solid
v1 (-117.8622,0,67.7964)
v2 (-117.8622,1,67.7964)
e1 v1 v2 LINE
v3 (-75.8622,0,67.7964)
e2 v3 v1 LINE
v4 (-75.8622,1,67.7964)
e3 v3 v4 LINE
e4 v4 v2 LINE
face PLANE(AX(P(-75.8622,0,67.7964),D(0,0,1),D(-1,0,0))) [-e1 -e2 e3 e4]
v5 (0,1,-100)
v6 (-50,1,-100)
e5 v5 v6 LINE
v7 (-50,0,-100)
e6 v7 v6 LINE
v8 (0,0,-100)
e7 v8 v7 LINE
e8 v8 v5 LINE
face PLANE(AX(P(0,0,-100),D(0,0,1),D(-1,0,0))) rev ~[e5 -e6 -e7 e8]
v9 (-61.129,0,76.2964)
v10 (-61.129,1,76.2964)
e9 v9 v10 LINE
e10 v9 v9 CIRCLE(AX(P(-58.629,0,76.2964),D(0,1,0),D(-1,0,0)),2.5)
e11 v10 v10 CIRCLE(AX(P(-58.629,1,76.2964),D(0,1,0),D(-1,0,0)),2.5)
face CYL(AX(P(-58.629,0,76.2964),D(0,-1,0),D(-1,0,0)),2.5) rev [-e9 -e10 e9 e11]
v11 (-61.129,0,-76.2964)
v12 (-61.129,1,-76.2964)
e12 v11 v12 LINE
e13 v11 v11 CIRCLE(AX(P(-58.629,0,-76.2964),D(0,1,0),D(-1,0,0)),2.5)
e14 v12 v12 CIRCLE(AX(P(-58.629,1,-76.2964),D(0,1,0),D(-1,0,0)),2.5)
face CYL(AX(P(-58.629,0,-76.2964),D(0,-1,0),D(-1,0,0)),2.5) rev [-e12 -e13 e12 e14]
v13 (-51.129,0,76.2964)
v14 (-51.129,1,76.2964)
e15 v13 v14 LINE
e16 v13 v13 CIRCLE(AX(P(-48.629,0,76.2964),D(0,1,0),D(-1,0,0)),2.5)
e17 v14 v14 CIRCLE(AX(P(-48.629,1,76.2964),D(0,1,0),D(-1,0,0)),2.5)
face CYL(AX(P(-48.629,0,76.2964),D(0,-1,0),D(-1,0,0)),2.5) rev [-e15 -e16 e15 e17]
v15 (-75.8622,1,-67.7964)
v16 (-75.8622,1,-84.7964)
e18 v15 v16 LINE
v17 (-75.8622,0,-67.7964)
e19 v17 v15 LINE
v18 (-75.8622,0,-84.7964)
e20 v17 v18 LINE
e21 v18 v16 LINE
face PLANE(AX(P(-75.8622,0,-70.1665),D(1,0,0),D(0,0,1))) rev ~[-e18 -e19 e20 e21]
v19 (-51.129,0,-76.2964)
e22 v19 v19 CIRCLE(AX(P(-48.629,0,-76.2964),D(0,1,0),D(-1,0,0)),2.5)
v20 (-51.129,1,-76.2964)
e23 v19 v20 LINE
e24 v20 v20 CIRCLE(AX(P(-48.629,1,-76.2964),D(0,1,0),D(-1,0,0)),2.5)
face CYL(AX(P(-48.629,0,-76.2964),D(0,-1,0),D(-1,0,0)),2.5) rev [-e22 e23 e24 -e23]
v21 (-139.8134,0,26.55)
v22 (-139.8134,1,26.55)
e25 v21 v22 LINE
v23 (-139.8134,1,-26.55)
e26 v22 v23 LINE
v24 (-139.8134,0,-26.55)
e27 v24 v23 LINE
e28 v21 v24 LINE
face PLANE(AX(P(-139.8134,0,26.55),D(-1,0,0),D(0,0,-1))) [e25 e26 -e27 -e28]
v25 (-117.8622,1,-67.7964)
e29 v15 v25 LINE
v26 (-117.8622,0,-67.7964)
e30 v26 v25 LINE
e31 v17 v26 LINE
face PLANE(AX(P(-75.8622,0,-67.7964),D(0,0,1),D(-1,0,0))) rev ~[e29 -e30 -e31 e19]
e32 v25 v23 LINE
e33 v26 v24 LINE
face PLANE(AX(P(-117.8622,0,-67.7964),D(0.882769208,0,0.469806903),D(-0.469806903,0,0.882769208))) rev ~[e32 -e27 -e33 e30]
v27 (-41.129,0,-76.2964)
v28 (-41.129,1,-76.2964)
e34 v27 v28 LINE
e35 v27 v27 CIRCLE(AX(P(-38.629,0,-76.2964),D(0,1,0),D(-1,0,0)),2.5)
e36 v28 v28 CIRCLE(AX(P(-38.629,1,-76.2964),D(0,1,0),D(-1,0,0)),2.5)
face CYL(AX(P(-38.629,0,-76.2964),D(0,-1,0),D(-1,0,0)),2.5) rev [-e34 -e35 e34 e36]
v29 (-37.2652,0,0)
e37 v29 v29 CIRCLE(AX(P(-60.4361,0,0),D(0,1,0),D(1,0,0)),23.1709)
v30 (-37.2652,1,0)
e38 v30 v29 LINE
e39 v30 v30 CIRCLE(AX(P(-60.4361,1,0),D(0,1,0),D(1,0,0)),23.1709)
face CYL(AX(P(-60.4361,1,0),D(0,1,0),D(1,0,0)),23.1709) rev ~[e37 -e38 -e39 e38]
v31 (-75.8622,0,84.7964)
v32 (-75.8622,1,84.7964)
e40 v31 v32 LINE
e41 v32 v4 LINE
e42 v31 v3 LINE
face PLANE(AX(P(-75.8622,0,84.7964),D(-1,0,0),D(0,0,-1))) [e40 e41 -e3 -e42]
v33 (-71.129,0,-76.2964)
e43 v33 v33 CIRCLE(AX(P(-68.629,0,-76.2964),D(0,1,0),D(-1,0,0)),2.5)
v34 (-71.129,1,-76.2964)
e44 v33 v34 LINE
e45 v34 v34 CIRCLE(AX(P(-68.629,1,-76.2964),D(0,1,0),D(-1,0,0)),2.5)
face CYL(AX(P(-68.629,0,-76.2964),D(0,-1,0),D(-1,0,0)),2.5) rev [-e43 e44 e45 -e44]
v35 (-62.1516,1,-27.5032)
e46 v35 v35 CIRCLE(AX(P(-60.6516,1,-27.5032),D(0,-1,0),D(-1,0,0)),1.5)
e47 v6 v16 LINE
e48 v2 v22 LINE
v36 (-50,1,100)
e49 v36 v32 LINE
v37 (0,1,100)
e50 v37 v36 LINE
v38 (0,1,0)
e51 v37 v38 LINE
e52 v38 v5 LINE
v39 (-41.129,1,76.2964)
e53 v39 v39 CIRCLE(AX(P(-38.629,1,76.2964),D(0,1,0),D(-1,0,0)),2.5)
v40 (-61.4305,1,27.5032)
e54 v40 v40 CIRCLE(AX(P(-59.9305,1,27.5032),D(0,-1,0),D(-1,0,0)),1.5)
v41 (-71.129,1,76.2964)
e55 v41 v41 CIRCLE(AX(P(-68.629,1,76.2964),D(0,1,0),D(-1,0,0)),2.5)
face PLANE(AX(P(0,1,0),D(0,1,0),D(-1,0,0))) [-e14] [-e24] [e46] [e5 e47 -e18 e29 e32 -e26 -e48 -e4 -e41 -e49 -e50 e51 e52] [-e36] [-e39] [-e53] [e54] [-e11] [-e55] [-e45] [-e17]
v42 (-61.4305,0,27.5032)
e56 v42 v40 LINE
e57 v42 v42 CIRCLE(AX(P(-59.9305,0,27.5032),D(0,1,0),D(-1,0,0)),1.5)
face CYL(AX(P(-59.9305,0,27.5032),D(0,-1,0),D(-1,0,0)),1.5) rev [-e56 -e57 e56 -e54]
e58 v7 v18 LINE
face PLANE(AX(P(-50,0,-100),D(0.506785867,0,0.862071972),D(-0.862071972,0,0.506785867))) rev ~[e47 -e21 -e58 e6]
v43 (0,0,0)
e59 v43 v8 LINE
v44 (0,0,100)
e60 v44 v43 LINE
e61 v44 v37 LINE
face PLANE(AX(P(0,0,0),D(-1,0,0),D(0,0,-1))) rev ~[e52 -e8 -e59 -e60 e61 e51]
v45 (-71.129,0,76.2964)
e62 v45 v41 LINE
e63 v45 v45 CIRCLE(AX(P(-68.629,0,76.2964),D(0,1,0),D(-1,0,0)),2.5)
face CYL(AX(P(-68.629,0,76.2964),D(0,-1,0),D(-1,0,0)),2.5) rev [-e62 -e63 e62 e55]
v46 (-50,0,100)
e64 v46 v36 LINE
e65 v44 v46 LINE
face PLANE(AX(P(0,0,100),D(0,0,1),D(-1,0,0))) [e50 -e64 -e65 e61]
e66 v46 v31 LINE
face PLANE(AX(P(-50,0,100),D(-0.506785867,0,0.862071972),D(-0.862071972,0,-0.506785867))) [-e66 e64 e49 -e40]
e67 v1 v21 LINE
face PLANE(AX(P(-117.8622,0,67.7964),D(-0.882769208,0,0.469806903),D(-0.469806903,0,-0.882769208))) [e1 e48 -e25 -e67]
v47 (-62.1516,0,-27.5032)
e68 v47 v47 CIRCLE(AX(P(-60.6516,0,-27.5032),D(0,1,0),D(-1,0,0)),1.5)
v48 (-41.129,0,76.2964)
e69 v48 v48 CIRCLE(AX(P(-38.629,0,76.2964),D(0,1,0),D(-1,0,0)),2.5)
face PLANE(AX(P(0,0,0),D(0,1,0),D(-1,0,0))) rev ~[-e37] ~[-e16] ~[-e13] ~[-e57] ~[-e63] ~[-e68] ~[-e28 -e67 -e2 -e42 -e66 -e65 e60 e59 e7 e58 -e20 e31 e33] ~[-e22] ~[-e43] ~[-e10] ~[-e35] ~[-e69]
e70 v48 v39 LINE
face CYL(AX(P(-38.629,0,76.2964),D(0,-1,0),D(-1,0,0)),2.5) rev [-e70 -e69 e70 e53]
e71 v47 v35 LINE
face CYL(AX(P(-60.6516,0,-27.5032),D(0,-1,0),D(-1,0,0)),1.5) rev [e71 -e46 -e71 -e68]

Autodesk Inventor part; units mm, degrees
ref_plane "YZ Plane" through (0, 0, 0) normal (1, 0, 0) x (0, 1, 0)
ref_plane "XZ Plane" through (0, 0, 0) normal (0, 1, 0) x (-1, 0, 0)
ref_plane "XY Plane" through (0, 0, 0) normal (0, 0, 1) x (1, 0, 0)
sketch "Esboço1" plane through (0, 0, 0) normal (0, 1, 0) x (-1, 0, 0)
  line L0 (0, 100) -> (50, 100)
  line L1 (50, 100) -> (75.8622, 84.7964)
  line L2 (50, 100) -> (80, 100) construction
  line L3 (75.8622, 84.7964) -> (75.8622, 67.7964)
  line L4 (75.8622, 67.7964) -> (117.8622, 67.7964)
  line L5 (117.8622, 67.7964) -> (170.8622, 67.7964) construction
  circle A0 centre (68.629, 76.2964) radius 2.5
  circle A1 centre (58.629, 76.2964) radius 2.5
  circle A2 centre (48.629, 76.2964) radius 2.5
  circle A3 centre (38.629, 76.2964) radius 2.5
  line L6 (0, -100) -> (50, -100)
  line L7 (50, -100) -> (75.8622, -84.7964)
  line L8 (75.8622, -84.7964) -> (75.8622, -67.7964)
  line L9 (75.8622, -67.7964) -> (117.8622, -67.7964)
  circle A4 centre (68.629, -76.2964) radius 2.5
  circle A5 centre (58.629, -76.2964) radius 2.5
  circle A6 centre (48.629, -76.2964) radius 2.5
  circle A7 centre (38.629, -76.2964) radius 2.5
  line L10 (0, 100) -> (0, -100)
  line L11 (75.8622, -82.1665) -> (75.8622, -70.1665)
  circle A8 centre (61.129, 0) radius 23
  line L12 (117.8622, 67.7964) -> (139.8134, 26.55)
  line L13 (117.8622, -67.7964) -> (139.8134, -26.55)
  line L14 (139.8134, 26.55) -> (139.8134, -26.55)
  line L15 (0, 0) -> (61.129, 0)
  circle A9 centre (59.9305, 27.5032) radius 1.5
  circle A10 centre (60.6516, -27.5032) radius 1.5
  dimension "d5" = 30
  dimension "d6" = 30.45
  dimension "d17" = 10
  dimension "d32" = 42
  dimension "d33" = 25.8621
  dimension "d34" = 50
  dimension "d37" = 46
  dimension "d40" = 53.1001
  dimension "d41" = 21.9513
  dimension "d42" = 17
  dimension "d43" = 46.7239
  dimension "d44" = 118.022
  dimension "d45" = 61.129
  dimension "d46" = 200
  dimension "d48" = 3
  dimension "d53" = 3
extrude "Extrusão1" add sketch "Esboço1" along normal blind 1 contours A8 | L0 L1 L3 L4 L12 L14 L13 L9 L8 L7 L6 L10 | A9 | A10
sketch "Esboço3" plane through (0, 1, 0) normal (0, 1, 0) x (1, 0, 0)
  circle A0 centre (-60.4361, 0) radius 23.1709
  point P0 (0, 0)
extrude "Extrusão3" cut sketch "Esboço3" against normal blind 3.75
extrude "Extrusão4" cut sketch "Esboço1" along normal blind 3.75 contours A9
extrude "Extrusão5" [suppressed]
extrude "Extrusão6" cut sketch "Esboço1" along normal blind 3.75 contours A10
sketch "Esboço4" plane through (0, 1, 0) normal (0, 1, 0) x (1, 0, 0)
  point P0 (0, 0)
